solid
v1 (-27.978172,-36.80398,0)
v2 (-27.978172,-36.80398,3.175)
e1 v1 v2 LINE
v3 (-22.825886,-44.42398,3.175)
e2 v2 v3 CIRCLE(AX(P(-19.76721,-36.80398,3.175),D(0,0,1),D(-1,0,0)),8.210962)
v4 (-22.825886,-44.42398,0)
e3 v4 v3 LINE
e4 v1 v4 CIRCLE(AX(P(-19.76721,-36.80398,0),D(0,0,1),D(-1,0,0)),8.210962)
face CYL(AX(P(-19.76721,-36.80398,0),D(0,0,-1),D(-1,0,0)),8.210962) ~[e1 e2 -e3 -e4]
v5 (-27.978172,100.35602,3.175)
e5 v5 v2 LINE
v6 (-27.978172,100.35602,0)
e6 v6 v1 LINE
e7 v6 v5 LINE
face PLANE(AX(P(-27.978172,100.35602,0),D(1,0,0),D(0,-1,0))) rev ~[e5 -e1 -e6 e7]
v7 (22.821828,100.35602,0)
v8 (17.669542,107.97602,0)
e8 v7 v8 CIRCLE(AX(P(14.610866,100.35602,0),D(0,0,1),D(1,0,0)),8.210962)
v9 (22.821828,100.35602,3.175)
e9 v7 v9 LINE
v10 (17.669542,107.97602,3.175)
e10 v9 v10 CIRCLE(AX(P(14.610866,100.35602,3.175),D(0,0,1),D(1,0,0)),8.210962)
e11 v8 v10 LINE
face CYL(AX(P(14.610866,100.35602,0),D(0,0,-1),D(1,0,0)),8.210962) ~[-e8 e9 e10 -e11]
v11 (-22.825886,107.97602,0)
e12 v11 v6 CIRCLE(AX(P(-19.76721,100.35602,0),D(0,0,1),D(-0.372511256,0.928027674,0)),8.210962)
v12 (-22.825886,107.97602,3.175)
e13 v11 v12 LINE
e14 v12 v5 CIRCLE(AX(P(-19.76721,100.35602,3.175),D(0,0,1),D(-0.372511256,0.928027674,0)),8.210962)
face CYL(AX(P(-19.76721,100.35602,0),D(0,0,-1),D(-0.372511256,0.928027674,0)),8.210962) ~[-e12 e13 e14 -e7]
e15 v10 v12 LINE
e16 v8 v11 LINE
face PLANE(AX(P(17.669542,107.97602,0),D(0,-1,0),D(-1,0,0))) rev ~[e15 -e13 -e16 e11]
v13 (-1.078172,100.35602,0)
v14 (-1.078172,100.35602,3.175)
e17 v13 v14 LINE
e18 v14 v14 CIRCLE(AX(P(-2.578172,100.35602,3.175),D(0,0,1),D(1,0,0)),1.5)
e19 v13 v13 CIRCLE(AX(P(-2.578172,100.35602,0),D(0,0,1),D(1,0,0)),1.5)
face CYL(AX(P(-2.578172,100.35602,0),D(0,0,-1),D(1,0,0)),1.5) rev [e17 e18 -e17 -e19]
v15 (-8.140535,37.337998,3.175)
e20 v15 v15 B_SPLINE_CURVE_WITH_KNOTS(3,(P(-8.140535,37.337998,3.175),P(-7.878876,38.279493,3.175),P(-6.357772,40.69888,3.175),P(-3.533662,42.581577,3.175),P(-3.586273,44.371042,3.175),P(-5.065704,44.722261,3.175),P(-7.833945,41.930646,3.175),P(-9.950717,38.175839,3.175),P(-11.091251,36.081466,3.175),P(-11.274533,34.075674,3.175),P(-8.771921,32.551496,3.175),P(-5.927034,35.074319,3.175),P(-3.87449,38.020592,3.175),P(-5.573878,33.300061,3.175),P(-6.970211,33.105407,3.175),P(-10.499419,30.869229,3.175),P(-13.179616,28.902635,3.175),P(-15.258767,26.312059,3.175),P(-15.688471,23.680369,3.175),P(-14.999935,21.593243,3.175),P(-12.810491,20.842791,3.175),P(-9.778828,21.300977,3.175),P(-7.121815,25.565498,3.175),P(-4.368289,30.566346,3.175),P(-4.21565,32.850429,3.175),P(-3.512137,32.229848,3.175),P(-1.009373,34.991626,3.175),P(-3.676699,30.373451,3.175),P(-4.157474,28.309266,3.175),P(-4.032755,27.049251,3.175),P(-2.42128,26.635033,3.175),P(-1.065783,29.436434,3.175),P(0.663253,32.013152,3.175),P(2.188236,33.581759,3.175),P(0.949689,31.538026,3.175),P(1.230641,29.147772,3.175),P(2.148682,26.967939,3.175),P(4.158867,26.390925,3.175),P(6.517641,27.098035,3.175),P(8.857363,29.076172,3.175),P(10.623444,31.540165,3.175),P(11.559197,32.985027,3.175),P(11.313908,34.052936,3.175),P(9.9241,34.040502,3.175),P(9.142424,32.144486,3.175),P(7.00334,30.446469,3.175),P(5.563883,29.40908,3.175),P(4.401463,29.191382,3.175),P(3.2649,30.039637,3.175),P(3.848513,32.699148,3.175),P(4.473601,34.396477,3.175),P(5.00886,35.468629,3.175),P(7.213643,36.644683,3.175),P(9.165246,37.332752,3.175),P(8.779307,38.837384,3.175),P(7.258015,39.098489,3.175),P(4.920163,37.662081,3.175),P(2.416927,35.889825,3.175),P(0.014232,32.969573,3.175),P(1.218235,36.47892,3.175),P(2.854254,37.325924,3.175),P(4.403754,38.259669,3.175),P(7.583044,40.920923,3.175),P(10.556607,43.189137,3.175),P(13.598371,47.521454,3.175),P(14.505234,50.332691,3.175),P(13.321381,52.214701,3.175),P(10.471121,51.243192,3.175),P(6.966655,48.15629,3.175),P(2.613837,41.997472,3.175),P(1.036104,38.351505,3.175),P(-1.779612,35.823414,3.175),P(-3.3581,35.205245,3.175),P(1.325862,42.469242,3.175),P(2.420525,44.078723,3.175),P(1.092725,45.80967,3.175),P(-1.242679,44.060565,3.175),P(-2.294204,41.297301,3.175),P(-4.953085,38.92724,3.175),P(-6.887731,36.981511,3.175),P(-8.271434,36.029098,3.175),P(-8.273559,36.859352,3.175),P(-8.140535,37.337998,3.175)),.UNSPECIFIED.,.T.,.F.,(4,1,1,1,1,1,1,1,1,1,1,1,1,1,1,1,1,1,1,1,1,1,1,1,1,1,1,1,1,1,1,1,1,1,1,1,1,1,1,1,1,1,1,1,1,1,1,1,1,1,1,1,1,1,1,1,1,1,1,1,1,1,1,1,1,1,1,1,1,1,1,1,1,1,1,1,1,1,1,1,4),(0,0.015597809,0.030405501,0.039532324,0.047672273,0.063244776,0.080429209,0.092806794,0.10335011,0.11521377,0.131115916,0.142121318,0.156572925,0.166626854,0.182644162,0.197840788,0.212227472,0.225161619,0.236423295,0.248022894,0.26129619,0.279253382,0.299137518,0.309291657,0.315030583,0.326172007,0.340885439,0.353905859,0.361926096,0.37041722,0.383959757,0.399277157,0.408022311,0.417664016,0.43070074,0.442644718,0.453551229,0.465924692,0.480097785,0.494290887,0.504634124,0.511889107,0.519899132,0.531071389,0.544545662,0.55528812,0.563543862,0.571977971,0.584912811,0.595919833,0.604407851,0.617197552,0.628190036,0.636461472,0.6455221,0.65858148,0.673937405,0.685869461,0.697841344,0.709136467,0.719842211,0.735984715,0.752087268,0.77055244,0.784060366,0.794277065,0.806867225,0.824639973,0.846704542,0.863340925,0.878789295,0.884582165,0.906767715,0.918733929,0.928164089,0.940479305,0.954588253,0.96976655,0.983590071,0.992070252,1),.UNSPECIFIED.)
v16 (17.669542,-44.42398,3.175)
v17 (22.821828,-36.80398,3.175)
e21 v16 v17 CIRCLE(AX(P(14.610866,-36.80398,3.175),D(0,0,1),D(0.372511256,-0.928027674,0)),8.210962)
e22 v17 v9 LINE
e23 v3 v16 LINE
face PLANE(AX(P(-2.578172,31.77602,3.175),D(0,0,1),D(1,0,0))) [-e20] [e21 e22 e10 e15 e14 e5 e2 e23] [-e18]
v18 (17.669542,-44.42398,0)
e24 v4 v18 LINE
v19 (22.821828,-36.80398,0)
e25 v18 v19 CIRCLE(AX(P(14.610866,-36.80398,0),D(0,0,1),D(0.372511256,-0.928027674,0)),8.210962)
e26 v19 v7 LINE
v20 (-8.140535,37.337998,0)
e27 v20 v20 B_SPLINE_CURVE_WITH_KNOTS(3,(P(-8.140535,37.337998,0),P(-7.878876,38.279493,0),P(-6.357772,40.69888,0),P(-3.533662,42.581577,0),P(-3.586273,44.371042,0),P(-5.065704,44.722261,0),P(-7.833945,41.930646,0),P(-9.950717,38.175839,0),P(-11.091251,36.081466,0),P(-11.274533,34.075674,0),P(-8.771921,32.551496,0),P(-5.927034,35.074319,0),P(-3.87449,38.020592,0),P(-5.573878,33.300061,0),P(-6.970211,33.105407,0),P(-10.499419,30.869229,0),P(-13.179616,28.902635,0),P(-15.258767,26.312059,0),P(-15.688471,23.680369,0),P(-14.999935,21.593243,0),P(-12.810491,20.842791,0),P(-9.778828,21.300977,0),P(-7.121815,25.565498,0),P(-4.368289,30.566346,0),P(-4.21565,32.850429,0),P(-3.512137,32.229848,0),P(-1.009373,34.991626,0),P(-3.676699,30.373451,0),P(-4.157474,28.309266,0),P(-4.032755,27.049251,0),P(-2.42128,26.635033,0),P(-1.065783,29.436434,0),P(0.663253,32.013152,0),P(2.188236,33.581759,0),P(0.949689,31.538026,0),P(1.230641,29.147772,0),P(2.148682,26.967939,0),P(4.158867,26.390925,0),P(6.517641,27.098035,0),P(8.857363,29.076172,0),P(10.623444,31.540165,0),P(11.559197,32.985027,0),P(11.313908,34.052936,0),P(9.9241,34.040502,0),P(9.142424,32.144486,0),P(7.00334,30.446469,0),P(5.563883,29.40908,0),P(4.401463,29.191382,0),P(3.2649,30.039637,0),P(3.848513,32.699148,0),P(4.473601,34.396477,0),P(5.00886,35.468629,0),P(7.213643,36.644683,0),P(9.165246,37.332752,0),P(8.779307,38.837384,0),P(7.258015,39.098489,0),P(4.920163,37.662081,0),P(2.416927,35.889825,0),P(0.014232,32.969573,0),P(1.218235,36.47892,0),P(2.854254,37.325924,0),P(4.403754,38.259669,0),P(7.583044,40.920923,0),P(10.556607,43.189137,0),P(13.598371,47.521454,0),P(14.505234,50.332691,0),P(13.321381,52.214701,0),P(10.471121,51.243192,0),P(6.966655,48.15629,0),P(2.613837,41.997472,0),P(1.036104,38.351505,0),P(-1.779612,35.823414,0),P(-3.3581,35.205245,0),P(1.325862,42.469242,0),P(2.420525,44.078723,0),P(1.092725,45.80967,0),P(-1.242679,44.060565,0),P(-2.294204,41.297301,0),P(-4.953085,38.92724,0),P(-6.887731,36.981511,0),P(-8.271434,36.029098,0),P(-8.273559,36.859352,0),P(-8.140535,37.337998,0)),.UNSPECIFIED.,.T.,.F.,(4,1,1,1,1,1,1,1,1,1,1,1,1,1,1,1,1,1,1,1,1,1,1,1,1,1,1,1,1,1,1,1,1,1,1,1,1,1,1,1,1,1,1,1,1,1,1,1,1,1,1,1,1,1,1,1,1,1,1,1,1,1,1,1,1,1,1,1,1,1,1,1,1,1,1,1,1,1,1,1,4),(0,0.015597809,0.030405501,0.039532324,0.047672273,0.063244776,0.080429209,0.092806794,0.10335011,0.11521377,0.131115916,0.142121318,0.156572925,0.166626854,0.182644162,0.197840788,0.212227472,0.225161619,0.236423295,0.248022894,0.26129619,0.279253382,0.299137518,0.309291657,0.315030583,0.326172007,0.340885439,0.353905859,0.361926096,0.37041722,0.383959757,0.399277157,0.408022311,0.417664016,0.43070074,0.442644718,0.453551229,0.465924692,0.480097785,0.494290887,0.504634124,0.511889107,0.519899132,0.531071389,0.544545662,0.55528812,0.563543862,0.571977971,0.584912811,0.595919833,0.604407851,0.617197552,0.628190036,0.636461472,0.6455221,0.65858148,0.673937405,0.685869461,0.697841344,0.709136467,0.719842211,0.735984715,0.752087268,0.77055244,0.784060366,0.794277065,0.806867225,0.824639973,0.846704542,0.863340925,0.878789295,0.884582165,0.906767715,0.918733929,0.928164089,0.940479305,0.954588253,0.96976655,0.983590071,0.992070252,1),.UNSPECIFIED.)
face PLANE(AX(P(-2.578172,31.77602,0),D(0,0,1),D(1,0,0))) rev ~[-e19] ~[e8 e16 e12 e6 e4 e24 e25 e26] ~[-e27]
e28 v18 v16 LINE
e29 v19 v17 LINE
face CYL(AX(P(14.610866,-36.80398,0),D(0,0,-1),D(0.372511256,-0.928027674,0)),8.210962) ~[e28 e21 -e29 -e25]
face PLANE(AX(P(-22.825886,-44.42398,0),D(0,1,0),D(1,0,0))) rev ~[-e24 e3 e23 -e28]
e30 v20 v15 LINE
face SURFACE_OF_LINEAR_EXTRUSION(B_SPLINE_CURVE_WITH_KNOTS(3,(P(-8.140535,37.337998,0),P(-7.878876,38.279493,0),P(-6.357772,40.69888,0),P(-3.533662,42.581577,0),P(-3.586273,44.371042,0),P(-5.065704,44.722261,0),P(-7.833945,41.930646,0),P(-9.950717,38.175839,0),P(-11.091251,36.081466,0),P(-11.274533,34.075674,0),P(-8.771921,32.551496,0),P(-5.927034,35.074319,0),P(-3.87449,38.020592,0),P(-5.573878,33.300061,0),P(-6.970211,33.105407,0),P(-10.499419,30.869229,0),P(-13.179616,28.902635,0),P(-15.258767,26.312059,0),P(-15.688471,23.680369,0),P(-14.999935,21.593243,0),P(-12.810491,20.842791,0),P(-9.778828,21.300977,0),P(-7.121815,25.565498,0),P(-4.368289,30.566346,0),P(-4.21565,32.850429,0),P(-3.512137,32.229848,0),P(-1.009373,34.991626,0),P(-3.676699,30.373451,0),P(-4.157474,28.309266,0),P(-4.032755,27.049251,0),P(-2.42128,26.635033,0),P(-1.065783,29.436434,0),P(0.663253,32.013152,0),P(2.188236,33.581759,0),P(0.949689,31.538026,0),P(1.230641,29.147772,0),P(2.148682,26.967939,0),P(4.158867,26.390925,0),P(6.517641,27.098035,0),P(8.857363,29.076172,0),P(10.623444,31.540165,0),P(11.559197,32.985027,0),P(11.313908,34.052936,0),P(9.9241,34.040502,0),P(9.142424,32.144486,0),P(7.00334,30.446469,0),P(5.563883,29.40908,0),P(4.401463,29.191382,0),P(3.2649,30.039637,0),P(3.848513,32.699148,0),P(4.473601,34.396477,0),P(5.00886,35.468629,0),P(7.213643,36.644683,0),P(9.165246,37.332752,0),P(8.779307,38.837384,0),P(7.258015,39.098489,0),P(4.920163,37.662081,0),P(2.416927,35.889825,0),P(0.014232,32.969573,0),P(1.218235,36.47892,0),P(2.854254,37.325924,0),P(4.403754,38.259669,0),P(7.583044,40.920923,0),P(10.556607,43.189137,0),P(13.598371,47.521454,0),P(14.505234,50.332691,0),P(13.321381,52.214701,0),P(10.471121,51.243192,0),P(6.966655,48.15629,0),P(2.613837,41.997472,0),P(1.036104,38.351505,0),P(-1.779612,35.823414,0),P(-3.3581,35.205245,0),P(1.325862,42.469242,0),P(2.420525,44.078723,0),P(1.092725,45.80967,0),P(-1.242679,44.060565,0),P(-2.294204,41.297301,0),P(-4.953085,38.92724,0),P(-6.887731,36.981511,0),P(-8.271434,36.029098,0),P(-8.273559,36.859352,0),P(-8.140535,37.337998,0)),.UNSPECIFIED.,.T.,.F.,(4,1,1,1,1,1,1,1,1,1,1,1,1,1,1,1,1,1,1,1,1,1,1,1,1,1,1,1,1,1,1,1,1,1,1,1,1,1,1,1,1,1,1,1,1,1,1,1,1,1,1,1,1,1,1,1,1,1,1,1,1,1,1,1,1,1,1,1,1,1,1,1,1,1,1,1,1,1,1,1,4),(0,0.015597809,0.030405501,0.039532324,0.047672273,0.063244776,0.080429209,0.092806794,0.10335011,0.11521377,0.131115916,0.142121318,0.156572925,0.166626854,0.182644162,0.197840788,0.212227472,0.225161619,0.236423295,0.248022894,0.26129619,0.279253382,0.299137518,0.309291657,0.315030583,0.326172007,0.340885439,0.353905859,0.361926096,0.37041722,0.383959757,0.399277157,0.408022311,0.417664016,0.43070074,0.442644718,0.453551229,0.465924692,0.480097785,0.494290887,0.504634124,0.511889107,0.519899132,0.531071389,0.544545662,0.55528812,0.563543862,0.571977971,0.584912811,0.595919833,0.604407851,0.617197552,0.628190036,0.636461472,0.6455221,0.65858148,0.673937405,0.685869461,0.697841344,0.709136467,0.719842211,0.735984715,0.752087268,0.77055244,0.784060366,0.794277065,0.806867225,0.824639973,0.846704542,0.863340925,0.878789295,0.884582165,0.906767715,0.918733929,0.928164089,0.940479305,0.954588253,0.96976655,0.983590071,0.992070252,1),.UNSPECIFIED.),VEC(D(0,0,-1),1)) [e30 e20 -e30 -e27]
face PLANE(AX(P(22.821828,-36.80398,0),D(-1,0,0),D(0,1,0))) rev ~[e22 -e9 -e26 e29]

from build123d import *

# Parameters (mm, degrees)
F0_R     = 1.5
F1_DEPTH = 3.175


with BuildPart() as f1:
    # F0 (on Top) → F1 (new body)
    with BuildSketch(Plane.XY):
        with BuildLine():
            Line((17.6695419228, 107.9760200334), (-22.8258855641, 107.9760200334))
            ThreePointArc((-22.8258855641, 107.9760200334), (-26.5692156748, 104.9552170739), (-27.9781718206, 100.3560200334))
            Line((-27.9781718206, 100.3560200334), (-27.9781718206, -36.8039799666))
            ThreePointArc((-27.9781718206, -36.8039799666), (-26.5692156748, -41.4031770071), (-22.8258855641, -44.4239799666))
            Line((-22.8258855641, -44.4239799666), (17.6695419228, -44.4239799666))
            ThreePointArc((17.6695419228, -44.4239799666), (21.4128720336, -41.4031770071), (22.8218281794, -36.8039799666))
            Line((22.8218281794, -36.8039799666), (22.8218281794, 100.3560200334))
            ThreePointArc((22.8218281794, 100.3560200334), (21.4128720336, 104.9552170739), (17.6695419228, 107.9760200334))
        make_face()
        with Locations((-2.5781718206, 100.3560200334)):
            Circle(F0_R, mode=Mode.SUBTRACT)
        with BuildLine():
            add(Edge.make_bspline(
                [(-8.1405346957, 37.3379977812), (-7.8788757725, 38.2794930914), (-6.3577719443, 40.6988803074), (-3.5336621015, 42.5815774523), (-3.5862726693, 44.3710420735), (-5.0657042704, 44.7222611086), (-7.8339448327, 41.9306456904), (-9.9507173278, 38.1758392794), (-11.0912505537, 36.0814655624), (-11.2745330437, 34.0756736906), (-8.7719213301, 32.5514955368), (-5.9270341613, 35.0743186623), (-3.8744896688, 38.0205915883), (-5.5738776862, 33.3000612348), (-6.9702109385, 33.1054067326), (-10.4994194741, 30.8692294587), (-13.1796160822, 28.9026351671), (-15.258767067, 26.3120587096), (-15.6884713161, 23.6803694365), (-14.9999353959, 21.5932432014), (-12.8104906959, 20.8427907976), (-9.77882753, 21.3009773256), (-7.1218150369, 25.5654982663), (-4.3682893631, 30.5663455714), (-4.2156504859, 32.8504287915), (-3.5121368745, 32.2298482141), (-1.0093730295, 34.9916260243), (-3.6766993338, 30.3734510969), (-4.1574744536, 28.3092663544), (-4.0327548182, 27.0492505481), (-2.4212798097, 26.6350334238), (-1.0657830306, 29.4364339172), (0.6632532862, 32.0131517614), (2.1882362092, 33.5817587412), (0.9496887186, 31.5380263998), (1.2306413216, 29.147771791), (2.1486821151, 26.9679385283), (4.1588672957, 26.390924565), (6.5176407866, 27.0980346838), (8.8573627755, 29.076171593), (10.6234443039, 31.5401649519), (11.5591965843, 32.9850273345), (11.3139077348, 34.0529356742), (9.9240996361, 34.0405023917), (9.1424239592, 32.1444856807), (7.0033395811, 30.4464686273), (5.5638827364, 29.4090804308), (4.4014628538, 29.1913817965), (3.2649003183, 30.0396371883), (3.8485128018, 32.6991480897), (4.4736009127, 34.3964770785), (5.0088603612, 35.4686291717), (7.2136429385, 36.644682752), (9.1652458045, 37.3327520268), (8.7793071634, 38.8373841294), (7.2580149948, 39.0984891286), (4.9201625888, 37.6620809608), (2.4169271568, 35.8898251918), (0.0142318074, 32.969573043), (1.2182347715, 36.4789204448), (2.8542539181, 37.3259244898), (4.403753765, 38.2596693572), (7.5830440914, 40.9209232926), (10.5566072815, 43.1891368635), (13.5983707383, 47.5214541147), (14.5052339564, 50.3326909365), (13.32138127, 52.2147006098), (10.4711211059, 51.2431923137), (6.9666548718, 48.1562903753), (2.6138370339, 41.9974721932), (1.0361044104, 38.3515045785), (-1.7796122762, 35.8234135803), (-3.3580995641, 35.2052445627), (1.3258622292, 42.469241796), (2.4205253064, 44.0787233391), (1.0927251507, 45.8096702551), (-1.2426787363, 44.060565408), (-2.2942044109, 41.2973014955), (-4.953085428, 38.9272401695), (-6.887731449, 36.9815111057), (-8.271433699, 36.0290982993), (-8.2735591053, 36.8593523132), (-8.1405346957, 37.3379977812)],
                knots=[0, 0, 0, 0, 0.0155978093, 0.030405501, 0.0395323238, 0.0476722728, 0.0632447762, 0.0804292094, 0.092806794, 0.1033501102, 0.1152137696, 0.1311159162, 0.1421213177, 0.156572925, 0.1666268539, 0.1826441624, 0.1978407884, 0.2122274724, 0.2251616193, 0.2364232954, 0.2480228939, 0.2612961904, 0.2792533815, 0.2991375175, 0.3092916572, 0.3150305832, 0.3261720072, 0.340885439, 0.3539058589, 0.3619260957, 0.3704172201, 0.3839597565, 0.3992771566, 0.4080223114, 0.4176640161, 0.43070074, 0.4426447177, 0.4535512295, 0.4659246921, 0.4800977849, 0.4942908865, 0.5046341242, 0.5118891068, 0.5198991324, 0.5310713889, 0.5445456619, 0.5552881202, 0.5635438618, 0.5719779709, 0.5849128107, 0.5959198327, 0.6044078508, 0.6171975518, 0.6281900356, 0.6364614717, 0.6455221003, 0.65858148, 0.6739374048, 0.6858694611, 0.6978413437, 0.7091364671, 0.7198422107, 0.7359847154, 0.7520872682, 0.7705524403, 0.7840603655, 0.7942770651, 0.8068672249, 0.8246399729, 0.8467045416, 0.8633409255, 0.8787892948, 0.8845821647, 0.9067677147, 0.9187339294, 0.9281640894, 0.9404793047, 0.954588253, 0.9697665504, 0.9835900706, 0.9920702518, 1, 1, 1, 1], degree=3))
        make_face(mode=Mode.SUBTRACT)
    extrude(amount=F1_DEPTH)


solid = f1.part
